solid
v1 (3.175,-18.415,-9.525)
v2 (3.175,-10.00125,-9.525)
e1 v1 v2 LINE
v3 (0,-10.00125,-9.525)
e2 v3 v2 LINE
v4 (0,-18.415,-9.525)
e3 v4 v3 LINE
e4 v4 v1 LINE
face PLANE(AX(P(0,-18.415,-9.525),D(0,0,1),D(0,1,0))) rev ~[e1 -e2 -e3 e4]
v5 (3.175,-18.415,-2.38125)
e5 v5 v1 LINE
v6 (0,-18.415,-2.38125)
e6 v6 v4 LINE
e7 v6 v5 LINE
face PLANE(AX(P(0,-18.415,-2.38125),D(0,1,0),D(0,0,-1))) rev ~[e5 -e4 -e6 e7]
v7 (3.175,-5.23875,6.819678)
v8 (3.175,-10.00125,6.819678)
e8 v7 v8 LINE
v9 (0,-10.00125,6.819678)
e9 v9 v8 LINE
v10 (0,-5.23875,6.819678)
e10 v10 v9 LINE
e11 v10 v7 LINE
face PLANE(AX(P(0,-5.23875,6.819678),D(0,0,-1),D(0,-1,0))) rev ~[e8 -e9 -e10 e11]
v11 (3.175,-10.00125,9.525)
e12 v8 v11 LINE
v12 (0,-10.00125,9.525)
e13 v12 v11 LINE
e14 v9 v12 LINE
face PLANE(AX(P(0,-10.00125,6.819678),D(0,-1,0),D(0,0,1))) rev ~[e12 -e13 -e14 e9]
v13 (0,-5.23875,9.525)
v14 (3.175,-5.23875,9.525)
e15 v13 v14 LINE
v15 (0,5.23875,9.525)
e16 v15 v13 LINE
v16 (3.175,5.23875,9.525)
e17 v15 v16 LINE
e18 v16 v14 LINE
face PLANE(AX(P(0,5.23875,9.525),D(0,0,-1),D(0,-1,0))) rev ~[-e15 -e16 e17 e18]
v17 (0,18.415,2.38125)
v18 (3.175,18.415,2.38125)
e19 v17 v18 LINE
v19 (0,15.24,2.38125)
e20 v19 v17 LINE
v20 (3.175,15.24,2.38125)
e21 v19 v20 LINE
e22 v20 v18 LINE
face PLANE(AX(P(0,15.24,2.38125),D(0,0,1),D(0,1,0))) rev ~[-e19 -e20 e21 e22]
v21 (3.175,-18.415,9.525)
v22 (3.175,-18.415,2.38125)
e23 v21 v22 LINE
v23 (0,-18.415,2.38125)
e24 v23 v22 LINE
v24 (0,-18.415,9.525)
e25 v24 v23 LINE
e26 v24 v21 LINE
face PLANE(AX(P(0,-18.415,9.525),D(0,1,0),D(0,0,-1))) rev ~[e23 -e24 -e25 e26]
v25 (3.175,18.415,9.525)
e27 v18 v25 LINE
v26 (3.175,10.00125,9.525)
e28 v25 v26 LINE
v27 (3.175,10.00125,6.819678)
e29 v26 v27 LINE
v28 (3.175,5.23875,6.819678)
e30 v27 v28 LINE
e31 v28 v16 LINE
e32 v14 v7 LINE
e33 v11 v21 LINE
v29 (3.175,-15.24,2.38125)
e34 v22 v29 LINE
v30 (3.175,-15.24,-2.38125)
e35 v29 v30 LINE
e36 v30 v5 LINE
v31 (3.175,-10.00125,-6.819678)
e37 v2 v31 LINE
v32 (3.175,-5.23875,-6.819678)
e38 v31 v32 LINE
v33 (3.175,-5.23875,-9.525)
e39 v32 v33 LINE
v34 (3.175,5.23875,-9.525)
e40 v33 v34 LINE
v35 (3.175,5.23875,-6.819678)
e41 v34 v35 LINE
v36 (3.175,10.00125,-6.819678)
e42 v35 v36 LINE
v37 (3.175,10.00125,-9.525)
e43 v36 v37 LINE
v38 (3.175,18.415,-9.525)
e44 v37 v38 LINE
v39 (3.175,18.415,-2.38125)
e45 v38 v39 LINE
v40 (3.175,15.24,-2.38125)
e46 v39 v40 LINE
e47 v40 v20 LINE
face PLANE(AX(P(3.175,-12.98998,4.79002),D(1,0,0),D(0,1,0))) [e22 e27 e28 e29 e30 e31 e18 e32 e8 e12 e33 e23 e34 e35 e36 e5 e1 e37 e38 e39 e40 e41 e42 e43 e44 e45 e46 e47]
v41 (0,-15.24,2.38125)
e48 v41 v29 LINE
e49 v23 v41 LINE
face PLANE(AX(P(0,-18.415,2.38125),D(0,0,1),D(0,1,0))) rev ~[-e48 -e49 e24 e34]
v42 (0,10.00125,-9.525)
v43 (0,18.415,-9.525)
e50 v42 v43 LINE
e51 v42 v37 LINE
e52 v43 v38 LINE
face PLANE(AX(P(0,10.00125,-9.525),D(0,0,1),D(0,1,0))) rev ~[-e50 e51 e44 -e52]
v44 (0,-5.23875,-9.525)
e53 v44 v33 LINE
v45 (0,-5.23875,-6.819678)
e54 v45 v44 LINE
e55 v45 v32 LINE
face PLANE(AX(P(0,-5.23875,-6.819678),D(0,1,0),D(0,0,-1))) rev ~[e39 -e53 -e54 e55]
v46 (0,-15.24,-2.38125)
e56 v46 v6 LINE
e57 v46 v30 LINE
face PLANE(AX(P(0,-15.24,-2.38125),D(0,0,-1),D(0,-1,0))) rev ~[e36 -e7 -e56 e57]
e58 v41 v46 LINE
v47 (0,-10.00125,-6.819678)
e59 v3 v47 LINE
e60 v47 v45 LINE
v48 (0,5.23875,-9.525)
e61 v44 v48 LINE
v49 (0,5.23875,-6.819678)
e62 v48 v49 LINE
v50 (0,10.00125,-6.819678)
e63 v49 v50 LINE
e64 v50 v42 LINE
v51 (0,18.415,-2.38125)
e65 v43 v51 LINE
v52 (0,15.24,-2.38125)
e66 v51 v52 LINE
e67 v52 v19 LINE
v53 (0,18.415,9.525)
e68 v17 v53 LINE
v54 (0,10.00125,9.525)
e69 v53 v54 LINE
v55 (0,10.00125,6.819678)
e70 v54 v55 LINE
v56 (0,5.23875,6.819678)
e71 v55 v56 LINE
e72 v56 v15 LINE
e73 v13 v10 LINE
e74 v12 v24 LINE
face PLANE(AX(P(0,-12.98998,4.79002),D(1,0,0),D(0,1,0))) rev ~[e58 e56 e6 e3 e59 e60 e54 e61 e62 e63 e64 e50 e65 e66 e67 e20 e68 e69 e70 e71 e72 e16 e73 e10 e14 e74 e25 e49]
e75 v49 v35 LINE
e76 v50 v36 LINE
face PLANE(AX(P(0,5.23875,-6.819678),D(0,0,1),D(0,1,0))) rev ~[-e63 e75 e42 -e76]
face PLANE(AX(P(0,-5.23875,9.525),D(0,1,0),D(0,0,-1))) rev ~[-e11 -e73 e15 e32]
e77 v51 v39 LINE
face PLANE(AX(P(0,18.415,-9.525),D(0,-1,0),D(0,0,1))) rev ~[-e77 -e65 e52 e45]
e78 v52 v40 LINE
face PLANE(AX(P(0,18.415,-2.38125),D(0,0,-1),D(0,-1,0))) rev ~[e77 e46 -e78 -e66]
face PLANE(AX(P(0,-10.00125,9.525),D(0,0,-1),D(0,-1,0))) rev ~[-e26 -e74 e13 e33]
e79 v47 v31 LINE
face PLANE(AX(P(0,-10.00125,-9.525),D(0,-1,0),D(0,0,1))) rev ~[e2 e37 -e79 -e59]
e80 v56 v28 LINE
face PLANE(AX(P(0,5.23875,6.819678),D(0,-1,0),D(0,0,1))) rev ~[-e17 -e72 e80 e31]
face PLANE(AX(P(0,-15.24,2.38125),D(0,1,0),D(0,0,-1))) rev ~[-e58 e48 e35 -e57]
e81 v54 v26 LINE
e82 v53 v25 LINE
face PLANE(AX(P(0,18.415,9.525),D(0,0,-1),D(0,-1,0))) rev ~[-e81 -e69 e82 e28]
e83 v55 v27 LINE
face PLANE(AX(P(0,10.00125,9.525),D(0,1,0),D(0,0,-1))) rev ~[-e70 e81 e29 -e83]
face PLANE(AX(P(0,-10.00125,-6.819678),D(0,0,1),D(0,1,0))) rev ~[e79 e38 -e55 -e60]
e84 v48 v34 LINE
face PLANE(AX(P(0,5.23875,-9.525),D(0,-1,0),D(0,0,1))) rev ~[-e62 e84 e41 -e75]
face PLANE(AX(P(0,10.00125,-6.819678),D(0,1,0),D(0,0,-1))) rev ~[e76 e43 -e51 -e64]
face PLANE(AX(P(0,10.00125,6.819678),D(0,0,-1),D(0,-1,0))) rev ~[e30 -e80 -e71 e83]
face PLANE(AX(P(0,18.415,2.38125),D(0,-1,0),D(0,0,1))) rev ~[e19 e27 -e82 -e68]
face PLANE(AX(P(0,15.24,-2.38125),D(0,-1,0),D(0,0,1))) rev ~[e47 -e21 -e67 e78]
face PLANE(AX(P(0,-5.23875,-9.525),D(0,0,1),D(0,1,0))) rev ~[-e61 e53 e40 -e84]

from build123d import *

# Parameters (mm, degrees)
F1_DEPTH = 3.175


with BuildPart() as f1:
    # F0 (on Right) → F1 (new body)
    with BuildSketch(Plane.YZ):
        Polygon((-15.24, 0), (-7.62, 0), (-7.62, 6.819678), (-10.00125, 6.819678), (-10.00125, 9.525), (-18.415, 9.525), (-18.415, 2.38125), (-15.24, 2.38125), align=None)
        Polygon((5.23875, 6.819678), (5.23875, 9.525), (0, 9.525), (0, 0), (7.62, 0), (7.62, 6.819678), align=None)
        Polygon((0, 0), (0, 9.525), (-5.23875, 9.525), (-5.23875, 6.819678), (-7.62, 6.819678), (-7.62, 0), align=None)
        Polygon((18.415, 2.38125), (18.415, 9.525), (10.00125, 9.525), (10.00125, 6.819678), (7.62, 6.819678), (7.62, 0), (15.24, 0), (15.24, 2.38125), align=None)
        Polygon((18.415, -9.525), (18.415, -2.38125), (15.24, -2.38125), (15.24, 0), (7.62, 0), (7.62, -6.819678), (10.00125, -6.819678), (10.00125, -9.525), align=None)
        Polygon((0, -9.525), (0, 0), (-7.62, 0), (-7.62, -6.819678), (-5.23875, -6.819678), (-5.23875, -9.525), align=None)
        Polygon((7.62, -6.819678), (7.62, 0), (0, 0), (0, -9.525), (5.23875, -9.525), (5.23875, -6.819678), align=None)
        Polygon((-7.62, -6.819678), (-7.62, 0), (-15.24, 0), (-15.24, -2.38125), (-18.415, -2.38125), (-18.415, -9.525), (-10.00125, -9.525), (-10.00125, -6.819678), align=None)
    extrude(amount=F1_DEPTH)


solid = f1.part
